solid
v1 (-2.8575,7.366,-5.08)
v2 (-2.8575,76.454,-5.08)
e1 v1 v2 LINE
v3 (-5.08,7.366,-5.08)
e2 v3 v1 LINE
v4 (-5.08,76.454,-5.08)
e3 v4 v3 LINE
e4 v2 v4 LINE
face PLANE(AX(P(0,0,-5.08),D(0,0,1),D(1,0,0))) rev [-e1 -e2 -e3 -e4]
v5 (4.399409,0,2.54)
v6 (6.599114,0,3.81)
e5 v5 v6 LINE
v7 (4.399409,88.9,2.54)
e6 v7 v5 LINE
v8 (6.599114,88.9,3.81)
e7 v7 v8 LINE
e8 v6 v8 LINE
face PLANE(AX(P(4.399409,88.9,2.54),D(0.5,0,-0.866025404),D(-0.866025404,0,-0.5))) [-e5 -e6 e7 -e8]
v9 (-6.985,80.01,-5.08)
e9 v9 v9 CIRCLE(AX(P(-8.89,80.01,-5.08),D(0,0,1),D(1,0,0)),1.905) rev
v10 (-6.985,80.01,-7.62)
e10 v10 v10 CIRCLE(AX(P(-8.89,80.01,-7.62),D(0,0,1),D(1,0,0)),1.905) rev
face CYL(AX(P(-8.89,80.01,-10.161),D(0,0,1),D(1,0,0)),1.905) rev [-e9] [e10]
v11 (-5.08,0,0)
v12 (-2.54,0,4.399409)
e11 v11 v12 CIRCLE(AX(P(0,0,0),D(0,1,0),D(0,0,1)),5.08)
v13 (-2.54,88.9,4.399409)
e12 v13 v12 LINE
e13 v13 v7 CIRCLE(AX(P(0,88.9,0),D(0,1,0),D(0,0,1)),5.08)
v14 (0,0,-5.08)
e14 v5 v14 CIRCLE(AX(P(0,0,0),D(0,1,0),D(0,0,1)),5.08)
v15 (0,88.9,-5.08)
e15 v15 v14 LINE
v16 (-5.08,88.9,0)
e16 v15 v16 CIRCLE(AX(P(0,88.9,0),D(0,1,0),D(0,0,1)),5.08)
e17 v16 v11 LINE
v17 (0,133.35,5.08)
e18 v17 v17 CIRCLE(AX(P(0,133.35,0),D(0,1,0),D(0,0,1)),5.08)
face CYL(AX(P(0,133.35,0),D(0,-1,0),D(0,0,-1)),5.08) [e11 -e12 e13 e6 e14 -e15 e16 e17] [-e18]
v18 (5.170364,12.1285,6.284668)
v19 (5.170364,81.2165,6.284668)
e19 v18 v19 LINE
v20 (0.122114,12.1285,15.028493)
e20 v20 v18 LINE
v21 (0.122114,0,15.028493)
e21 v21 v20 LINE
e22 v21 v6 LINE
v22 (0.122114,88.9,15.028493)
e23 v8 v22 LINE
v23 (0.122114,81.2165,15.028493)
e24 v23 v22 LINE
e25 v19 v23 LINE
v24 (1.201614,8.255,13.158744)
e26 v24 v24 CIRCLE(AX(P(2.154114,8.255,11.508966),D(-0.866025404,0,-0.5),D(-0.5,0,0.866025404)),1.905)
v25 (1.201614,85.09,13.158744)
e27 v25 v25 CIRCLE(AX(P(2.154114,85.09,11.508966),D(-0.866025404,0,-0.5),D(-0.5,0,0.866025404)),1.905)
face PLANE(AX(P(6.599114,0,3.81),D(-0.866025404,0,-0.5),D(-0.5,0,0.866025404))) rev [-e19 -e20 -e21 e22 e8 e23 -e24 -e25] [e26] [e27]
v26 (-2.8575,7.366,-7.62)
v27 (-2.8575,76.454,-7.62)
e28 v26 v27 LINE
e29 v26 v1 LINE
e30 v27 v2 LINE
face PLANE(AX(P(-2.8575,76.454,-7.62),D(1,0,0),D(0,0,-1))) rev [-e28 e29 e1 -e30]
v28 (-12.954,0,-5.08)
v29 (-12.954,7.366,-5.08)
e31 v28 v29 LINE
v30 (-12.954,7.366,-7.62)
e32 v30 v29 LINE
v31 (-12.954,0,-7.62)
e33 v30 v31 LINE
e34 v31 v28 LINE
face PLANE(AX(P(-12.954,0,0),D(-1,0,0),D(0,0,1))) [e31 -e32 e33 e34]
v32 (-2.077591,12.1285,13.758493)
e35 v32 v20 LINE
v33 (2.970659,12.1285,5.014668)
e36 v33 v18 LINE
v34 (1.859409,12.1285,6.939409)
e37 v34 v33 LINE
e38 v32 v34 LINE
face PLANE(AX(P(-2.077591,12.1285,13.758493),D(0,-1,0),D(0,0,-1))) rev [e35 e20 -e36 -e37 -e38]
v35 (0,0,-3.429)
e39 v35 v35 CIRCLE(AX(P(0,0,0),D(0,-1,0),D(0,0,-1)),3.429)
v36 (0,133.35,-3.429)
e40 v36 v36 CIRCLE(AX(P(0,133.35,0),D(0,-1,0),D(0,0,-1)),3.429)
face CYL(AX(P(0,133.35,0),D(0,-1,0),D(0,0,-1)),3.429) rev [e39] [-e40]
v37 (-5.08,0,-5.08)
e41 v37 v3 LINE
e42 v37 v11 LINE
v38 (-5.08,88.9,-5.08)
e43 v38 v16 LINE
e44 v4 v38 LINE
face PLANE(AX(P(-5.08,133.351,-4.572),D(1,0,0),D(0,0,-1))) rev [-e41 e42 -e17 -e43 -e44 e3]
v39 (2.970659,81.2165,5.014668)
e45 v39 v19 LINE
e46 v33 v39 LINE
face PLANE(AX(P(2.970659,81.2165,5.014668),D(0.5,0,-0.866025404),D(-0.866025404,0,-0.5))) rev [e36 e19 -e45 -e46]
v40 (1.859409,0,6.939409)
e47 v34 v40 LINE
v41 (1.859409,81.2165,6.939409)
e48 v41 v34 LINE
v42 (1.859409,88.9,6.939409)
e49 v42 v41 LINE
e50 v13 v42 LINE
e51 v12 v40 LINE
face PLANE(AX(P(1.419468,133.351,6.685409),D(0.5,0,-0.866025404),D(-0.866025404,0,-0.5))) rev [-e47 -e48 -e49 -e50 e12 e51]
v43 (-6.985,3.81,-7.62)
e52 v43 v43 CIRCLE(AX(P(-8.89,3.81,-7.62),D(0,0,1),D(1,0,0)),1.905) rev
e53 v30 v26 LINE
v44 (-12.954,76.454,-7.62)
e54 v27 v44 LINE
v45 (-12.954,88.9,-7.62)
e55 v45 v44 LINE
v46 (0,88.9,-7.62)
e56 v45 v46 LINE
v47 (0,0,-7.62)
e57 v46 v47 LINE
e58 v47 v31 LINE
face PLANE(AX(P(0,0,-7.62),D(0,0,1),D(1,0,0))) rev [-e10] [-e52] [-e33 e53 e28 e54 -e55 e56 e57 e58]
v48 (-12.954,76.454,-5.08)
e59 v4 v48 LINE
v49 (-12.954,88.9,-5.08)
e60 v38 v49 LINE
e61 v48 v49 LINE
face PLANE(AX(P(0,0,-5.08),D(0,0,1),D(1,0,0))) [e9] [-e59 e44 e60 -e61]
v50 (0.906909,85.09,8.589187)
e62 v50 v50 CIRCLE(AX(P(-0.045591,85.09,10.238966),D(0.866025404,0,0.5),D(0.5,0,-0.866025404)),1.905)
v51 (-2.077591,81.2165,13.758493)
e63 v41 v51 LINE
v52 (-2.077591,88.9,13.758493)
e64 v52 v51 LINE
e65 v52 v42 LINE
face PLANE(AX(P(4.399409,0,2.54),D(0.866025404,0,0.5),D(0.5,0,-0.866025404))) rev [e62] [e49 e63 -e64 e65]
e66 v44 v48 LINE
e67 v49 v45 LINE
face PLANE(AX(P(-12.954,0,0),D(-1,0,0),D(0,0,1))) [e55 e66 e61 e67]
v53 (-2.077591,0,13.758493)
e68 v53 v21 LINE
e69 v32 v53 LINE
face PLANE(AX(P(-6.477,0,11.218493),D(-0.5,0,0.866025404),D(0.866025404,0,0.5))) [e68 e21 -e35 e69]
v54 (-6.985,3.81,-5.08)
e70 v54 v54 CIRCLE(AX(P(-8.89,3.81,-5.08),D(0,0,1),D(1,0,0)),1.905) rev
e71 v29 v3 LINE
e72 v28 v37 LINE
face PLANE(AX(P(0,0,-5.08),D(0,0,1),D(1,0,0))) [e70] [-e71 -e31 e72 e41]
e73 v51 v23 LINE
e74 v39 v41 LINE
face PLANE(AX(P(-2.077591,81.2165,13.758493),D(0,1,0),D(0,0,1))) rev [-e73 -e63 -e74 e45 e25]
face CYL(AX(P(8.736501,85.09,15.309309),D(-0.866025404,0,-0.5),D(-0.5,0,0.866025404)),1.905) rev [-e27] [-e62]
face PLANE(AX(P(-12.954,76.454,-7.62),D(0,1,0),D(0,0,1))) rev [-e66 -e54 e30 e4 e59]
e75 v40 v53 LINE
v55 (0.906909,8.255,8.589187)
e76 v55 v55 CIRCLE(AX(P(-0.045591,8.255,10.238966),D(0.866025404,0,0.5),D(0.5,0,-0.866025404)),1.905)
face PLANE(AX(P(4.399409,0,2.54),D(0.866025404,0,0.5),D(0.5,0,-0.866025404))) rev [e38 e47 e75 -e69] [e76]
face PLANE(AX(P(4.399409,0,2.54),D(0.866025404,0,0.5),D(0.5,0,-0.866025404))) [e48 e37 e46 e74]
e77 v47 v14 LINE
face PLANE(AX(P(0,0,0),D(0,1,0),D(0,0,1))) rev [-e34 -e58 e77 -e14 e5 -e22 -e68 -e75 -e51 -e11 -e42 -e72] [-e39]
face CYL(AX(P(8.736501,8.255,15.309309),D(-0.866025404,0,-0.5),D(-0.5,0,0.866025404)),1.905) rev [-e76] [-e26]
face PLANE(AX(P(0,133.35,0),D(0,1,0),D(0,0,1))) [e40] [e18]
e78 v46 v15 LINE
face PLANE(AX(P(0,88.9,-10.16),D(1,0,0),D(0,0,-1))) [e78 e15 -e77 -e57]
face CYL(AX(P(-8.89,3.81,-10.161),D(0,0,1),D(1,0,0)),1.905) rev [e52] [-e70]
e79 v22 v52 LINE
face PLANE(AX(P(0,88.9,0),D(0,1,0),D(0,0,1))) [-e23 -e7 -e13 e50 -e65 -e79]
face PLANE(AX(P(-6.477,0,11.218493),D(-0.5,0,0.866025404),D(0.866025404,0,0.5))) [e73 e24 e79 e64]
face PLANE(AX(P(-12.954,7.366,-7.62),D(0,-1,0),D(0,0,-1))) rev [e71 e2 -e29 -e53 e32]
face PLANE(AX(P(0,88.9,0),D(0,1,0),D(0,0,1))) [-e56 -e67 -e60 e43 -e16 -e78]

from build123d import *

# Parameters (mm, degrees)
SKETCH1_R           = 5.08
BOSS_EXTRUDE1_DEPTH = 133.35
SKETCH2_R           = 3.429
CUT_EXTRUDE1_DEPTH  = 134.35
BOSS_EXTRUDE2_DEPTH = 88.9
HOLE_CUTS_1_REACH   = 12.16
SKETCH4_R           = 1.905
HOLE_CUTS_2_REACH   = 17.219
SKETCH7_R           = 1.905
CUT_EXTRUDE7_REACH  = 135.35
SKETCH8_W           = 6.604
SKETCH8_H           = 4.572
SKETCH9_W           = 11.684
SKETCH9_H           = 88.9
CUT_EXTRUDE8_DEPTH  = 2.54
SKETCH10_W          = 11.684
SKETCH10_H          = 88.9
CUT_EXTRUDE9_DEPTH  = 2.54
SKETCH11_W          = 6.604
SKETCH11_H          = 88.9
CUT_EXTRUDE10_DEPTH = 0.508
SKETCH13_W          = 6.604
SKETCH13_H          = 88.9
CUT_EXTRUDE11_DEPTH = 0.508
SKETCH14_W          = 2.54
SKETCH14_H          = 88.9
BOSS_EXTRUDE3_DEPTH = 1.27
SKETCH15_W          = 2.54
SKETCH15_H          = 88.9
BOSS_EXTRUDE4_DEPTH = 1.27
SKETCH20_W          = 10.0965
SKETCH20_H          = 69.088
CUT_EXTRUDE13_DEPTH = 2.54
SKETCH21_W          = 10.0965
SKETCH21_H          = 69.088
CUT_EXTRUDE14_DEPTH = 2.54


with BuildPart() as part:
    # Sketch1 → Boss-Extrude1 (new body)
    with BuildSketch(Plane(origin=(0, 0, 0), x_dir=(1, 0, 0), z_dir=(0, 1, 0))):
        Circle(SKETCH1_R)
    extrude(amount=BOSS_EXTRUDE1_DEPTH)

    # Sketch2 → Cut-Extrude1 (cut, through all)
    with BuildSketch(Plane.XZ):
        Circle(SKETCH2_R)
    extrude(amount=-CUT_EXTRUDE1_DEPTH, mode=Mode.SUBTRACT)

    # Sketch3 → Boss-Extrude2 (add)
    with BuildSketch(Plane.XZ):
        with BuildLine():
            Line((-1.442590949, 12.658640818), (-5.842, 10.118640818))
            Line((-5.842, 10.118640818), (-2.54, 4.399409051))
            ThreePointArc((-2.54, 4.399409051), (2.96960111, -1.7145), (-5.08, 0))
            Line((-5.08, 0), (-11.684, 0))
            Line((-11.684, 0), (-11.684, -5.08))
            Line((-11.684, -5.08), (-11.684, -10.16))
            Line((-11.684, -10.16), (0, -10.16))
            Line((0, -10.16), (0, -5.08))
            ThreePointArc((0, -5.08), (4.399409051, -2.54), (4.399409051, 2.54))
            Line((4.399409051, 2.54), (8.798818102, 5.08))
            Line((8.798818102, 5.08), (2.956818102, 15.198640818))
            Line((2.956818102, 15.198640818), (-1.442590949, 12.658640818))
        make_face()
    extrude(amount=-BOSS_EXTRUDE2_DEPTH)

    # Sketch4 → Hole Cuts 1 (cut, up to next)
    with BuildSketch(Plane.XY, mode=Mode.PRIVATE) as hole_cuts_1_sk1:
        with Locations((-8.89, 80.01)):
            Circle(SKETCH4_R)
    hole_cuts_1_tool1 = extrude(hole_cuts_1_sk1.sketch, amount=-HOLE_CUTS_1_REACH, mode=Mode.PRIVATE) & part.part
    add(hole_cuts_1_tool1.solids().sort_by_distance((-8.89, 80.01, 0))[0], mode=Mode.SUBTRACT)
    # Sketch4 → Hole Cuts 1 (cut, up to next)
    with BuildSketch(Plane.XY, mode=Mode.PRIVATE) as hole_cuts_1_sk2:
        with Locations((-8.89, 3.81)):
            Circle(SKETCH4_R)
    hole_cuts_1_tool2 = extrude(hole_cuts_1_sk2.sketch, amount=-HOLE_CUTS_1_REACH, mode=Mode.PRIVATE) & part.part
    add(hole_cuts_1_tool2.solids().sort_by_distance((-8.89, 3.81, 0))[0], mode=Mode.SUBTRACT)

    # Sketch7 → Hole Cuts 2 (cut, up to next)
    with BuildSketch(Plane(origin=(0, 0, 0), x_dir=(0.5, 0, -0.866025404), z_dir=(0.866025404, 0, 0.5)), mode=Mode.PRIVATE) as hole_cuts_2_sk1:
        with Locations((-8.89, 85.09)):
            Circle(SKETCH7_R)
    hole_cuts_2_tool1 = extrude(hole_cuts_2_sk1.sketch, amount=HOLE_CUTS_2_REACH, mode=Mode.PRIVATE) & part.part
    add(hole_cuts_2_tool1.solids().sort_by_distance((-4.445, 85.09, 7.698966))[0], mode=Mode.SUBTRACT)
    # Sketch7 → Hole Cuts 2 (cut, up to next)
    with BuildSketch(Plane(origin=(0, 0, 0), x_dir=(0.5, 0, -0.866025404), z_dir=(0.866025404, 0, 0.5)), mode=Mode.PRIVATE) as hole_cuts_2_sk2:
        with Locations((-8.89, 8.255)):
            Circle(SKETCH7_R)
    hole_cuts_2_tool2 = extrude(hole_cuts_2_sk2.sketch, amount=HOLE_CUTS_2_REACH, mode=Mode.PRIVATE) & part.part
    add(hole_cuts_2_tool2.solids().sort_by_distance((-4.445, 8.255, 7.698966))[0], mode=Mode.SUBTRACT)

    # Sketch8 → Cut-Extrude7 (cut, up to next)
    with BuildSketch(Plane.XZ, mode=Mode.PRIVATE) as cut_extrude7_sk1:
        Polygon((-5.842, 10.118640818), (-1.882531854, 12.404640818), (1.419468146, 6.685409051), (-2.54, 4.399409051), align=None)
    cut_extrude7_tool1 = extrude(cut_extrude7_sk1.sketch, amount=-CUT_EXTRUDE7_REACH, mode=Mode.PRIVATE) & part.part
    add(cut_extrude7_tool1.solids().sort_by_distance((-2.211266, 0, 8.402025))[0], mode=Mode.SUBTRACT)
    # Sketch8 → Cut-Extrude7 (cut, up to next)
    with BuildSketch(Plane.XZ, mode=Mode.PRIVATE) as cut_extrude7_sk2:
        with Locations((-8.382, -2.286)):
            Rectangle(SKETCH8_W, SKETCH8_H)
    cut_extrude7_tool2 = extrude(cut_extrude7_sk2.sketch, amount=-CUT_EXTRUDE7_REACH, mode=Mode.PRIVATE) & part.part
    add(cut_extrude7_tool2.solids().sort_by_distance((-8.382, 0, -2.286))[0], mode=Mode.SUBTRACT)

    # Sketch9 → Cut-Extrude8 (cut)
    with BuildSketch(Plane(origin=(0, 0, -10.16), x_dir=(-1, 0, 0), z_dir=(0, 0, -1))):
        with Locations((5.842, 44.45)):
            Rectangle(SKETCH9_W, SKETCH9_H)
    extrude(amount=-CUT_EXTRUDE8_DEPTH, mode=Mode.SUBTRACT)

    # Sketch10 → Cut-Extrude9 (cut)
    with BuildSketch(Plane(origin=(8.798818102, 0, 5.08), x_dir=(0.5, 0, -0.866025404), z_dir=(0.866025404, 0, 0.5))):
        with Locations((-5.842, 44.45)):
            Rectangle(SKETCH10_W, SKETCH10_H)
    extrude(amount=-CUT_EXTRUDE9_DEPTH, mode=Mode.SUBTRACT)

    # Sketch11 → Cut-Extrude10 (cut)
    with BuildSketch(Plane.XY.offset(-4.572)):
        with Locations((-8.382, 44.45)):
            Rectangle(SKETCH11_W, SKETCH11_H)
    extrude(amount=-CUT_EXTRUDE10_DEPTH, mode=Mode.SUBTRACT)

    # Sketch13 → Cut-Extrude11 (cut)
    with BuildSketch(Plane(origin=(3.959468146, 0, 2.286), x_dir=(-0.5, 0, 0.866025404), z_dir=(-0.866025404, 0, -0.5))):
        with Locations((8.382, 44.45)):
            Rectangle(SKETCH13_W, SKETCH13_H)
    extrude(amount=-CUT_EXTRUDE11_DEPTH, mode=Mode.SUBTRACT)

    # Sketch14 → Boss-Extrude3 (add)
    with BuildSketch(Plane(origin=(-5.842, 0, 10.118640818), x_dir=(0.866025404, 0, 0.5), z_dir=(-0.5, 0, 0.866025404))):
        with Locations((6.35, 44.45)):
            Rectangle(SKETCH14_W, SKETCH14_H)
    extrude(amount=BOSS_EXTRUDE3_DEPTH)

    # Sketch15 → Boss-Extrude4 (add)
    with BuildSketch(Plane.ZY.offset(11.684)):
        with Locations((-6.35, 44.45)):
            Rectangle(SKETCH15_W, SKETCH15_H)
    extrude(amount=BOSS_EXTRUDE4_DEPTH)

    # Sketch20 → Cut-Extrude13 (cut)
    with BuildSketch(Plane.XY.offset(-5.08)):
        with Locations((-7.90575, 41.91)):
            Rectangle(SKETCH20_W, SKETCH20_H)
    extrude(amount=-CUT_EXTRUDE13_DEPTH, mode=Mode.SUBTRACT)

    # Sketch21 → Cut-Extrude14 (cut)
    with BuildSketch(Plane(origin=(6.599113577, 0, 3.81), x_dir=(0.5, 0, -0.866025404), z_dir=(0.866025404, 0, 0.5))):
        with Locations((-7.90575, 46.6725)):
            Rectangle(SKETCH21_W, SKETCH21_H)
    extrude(amount=-CUT_EXTRUDE14_DEPTH, mode=Mode.SUBTRACT)


solid = part.part
